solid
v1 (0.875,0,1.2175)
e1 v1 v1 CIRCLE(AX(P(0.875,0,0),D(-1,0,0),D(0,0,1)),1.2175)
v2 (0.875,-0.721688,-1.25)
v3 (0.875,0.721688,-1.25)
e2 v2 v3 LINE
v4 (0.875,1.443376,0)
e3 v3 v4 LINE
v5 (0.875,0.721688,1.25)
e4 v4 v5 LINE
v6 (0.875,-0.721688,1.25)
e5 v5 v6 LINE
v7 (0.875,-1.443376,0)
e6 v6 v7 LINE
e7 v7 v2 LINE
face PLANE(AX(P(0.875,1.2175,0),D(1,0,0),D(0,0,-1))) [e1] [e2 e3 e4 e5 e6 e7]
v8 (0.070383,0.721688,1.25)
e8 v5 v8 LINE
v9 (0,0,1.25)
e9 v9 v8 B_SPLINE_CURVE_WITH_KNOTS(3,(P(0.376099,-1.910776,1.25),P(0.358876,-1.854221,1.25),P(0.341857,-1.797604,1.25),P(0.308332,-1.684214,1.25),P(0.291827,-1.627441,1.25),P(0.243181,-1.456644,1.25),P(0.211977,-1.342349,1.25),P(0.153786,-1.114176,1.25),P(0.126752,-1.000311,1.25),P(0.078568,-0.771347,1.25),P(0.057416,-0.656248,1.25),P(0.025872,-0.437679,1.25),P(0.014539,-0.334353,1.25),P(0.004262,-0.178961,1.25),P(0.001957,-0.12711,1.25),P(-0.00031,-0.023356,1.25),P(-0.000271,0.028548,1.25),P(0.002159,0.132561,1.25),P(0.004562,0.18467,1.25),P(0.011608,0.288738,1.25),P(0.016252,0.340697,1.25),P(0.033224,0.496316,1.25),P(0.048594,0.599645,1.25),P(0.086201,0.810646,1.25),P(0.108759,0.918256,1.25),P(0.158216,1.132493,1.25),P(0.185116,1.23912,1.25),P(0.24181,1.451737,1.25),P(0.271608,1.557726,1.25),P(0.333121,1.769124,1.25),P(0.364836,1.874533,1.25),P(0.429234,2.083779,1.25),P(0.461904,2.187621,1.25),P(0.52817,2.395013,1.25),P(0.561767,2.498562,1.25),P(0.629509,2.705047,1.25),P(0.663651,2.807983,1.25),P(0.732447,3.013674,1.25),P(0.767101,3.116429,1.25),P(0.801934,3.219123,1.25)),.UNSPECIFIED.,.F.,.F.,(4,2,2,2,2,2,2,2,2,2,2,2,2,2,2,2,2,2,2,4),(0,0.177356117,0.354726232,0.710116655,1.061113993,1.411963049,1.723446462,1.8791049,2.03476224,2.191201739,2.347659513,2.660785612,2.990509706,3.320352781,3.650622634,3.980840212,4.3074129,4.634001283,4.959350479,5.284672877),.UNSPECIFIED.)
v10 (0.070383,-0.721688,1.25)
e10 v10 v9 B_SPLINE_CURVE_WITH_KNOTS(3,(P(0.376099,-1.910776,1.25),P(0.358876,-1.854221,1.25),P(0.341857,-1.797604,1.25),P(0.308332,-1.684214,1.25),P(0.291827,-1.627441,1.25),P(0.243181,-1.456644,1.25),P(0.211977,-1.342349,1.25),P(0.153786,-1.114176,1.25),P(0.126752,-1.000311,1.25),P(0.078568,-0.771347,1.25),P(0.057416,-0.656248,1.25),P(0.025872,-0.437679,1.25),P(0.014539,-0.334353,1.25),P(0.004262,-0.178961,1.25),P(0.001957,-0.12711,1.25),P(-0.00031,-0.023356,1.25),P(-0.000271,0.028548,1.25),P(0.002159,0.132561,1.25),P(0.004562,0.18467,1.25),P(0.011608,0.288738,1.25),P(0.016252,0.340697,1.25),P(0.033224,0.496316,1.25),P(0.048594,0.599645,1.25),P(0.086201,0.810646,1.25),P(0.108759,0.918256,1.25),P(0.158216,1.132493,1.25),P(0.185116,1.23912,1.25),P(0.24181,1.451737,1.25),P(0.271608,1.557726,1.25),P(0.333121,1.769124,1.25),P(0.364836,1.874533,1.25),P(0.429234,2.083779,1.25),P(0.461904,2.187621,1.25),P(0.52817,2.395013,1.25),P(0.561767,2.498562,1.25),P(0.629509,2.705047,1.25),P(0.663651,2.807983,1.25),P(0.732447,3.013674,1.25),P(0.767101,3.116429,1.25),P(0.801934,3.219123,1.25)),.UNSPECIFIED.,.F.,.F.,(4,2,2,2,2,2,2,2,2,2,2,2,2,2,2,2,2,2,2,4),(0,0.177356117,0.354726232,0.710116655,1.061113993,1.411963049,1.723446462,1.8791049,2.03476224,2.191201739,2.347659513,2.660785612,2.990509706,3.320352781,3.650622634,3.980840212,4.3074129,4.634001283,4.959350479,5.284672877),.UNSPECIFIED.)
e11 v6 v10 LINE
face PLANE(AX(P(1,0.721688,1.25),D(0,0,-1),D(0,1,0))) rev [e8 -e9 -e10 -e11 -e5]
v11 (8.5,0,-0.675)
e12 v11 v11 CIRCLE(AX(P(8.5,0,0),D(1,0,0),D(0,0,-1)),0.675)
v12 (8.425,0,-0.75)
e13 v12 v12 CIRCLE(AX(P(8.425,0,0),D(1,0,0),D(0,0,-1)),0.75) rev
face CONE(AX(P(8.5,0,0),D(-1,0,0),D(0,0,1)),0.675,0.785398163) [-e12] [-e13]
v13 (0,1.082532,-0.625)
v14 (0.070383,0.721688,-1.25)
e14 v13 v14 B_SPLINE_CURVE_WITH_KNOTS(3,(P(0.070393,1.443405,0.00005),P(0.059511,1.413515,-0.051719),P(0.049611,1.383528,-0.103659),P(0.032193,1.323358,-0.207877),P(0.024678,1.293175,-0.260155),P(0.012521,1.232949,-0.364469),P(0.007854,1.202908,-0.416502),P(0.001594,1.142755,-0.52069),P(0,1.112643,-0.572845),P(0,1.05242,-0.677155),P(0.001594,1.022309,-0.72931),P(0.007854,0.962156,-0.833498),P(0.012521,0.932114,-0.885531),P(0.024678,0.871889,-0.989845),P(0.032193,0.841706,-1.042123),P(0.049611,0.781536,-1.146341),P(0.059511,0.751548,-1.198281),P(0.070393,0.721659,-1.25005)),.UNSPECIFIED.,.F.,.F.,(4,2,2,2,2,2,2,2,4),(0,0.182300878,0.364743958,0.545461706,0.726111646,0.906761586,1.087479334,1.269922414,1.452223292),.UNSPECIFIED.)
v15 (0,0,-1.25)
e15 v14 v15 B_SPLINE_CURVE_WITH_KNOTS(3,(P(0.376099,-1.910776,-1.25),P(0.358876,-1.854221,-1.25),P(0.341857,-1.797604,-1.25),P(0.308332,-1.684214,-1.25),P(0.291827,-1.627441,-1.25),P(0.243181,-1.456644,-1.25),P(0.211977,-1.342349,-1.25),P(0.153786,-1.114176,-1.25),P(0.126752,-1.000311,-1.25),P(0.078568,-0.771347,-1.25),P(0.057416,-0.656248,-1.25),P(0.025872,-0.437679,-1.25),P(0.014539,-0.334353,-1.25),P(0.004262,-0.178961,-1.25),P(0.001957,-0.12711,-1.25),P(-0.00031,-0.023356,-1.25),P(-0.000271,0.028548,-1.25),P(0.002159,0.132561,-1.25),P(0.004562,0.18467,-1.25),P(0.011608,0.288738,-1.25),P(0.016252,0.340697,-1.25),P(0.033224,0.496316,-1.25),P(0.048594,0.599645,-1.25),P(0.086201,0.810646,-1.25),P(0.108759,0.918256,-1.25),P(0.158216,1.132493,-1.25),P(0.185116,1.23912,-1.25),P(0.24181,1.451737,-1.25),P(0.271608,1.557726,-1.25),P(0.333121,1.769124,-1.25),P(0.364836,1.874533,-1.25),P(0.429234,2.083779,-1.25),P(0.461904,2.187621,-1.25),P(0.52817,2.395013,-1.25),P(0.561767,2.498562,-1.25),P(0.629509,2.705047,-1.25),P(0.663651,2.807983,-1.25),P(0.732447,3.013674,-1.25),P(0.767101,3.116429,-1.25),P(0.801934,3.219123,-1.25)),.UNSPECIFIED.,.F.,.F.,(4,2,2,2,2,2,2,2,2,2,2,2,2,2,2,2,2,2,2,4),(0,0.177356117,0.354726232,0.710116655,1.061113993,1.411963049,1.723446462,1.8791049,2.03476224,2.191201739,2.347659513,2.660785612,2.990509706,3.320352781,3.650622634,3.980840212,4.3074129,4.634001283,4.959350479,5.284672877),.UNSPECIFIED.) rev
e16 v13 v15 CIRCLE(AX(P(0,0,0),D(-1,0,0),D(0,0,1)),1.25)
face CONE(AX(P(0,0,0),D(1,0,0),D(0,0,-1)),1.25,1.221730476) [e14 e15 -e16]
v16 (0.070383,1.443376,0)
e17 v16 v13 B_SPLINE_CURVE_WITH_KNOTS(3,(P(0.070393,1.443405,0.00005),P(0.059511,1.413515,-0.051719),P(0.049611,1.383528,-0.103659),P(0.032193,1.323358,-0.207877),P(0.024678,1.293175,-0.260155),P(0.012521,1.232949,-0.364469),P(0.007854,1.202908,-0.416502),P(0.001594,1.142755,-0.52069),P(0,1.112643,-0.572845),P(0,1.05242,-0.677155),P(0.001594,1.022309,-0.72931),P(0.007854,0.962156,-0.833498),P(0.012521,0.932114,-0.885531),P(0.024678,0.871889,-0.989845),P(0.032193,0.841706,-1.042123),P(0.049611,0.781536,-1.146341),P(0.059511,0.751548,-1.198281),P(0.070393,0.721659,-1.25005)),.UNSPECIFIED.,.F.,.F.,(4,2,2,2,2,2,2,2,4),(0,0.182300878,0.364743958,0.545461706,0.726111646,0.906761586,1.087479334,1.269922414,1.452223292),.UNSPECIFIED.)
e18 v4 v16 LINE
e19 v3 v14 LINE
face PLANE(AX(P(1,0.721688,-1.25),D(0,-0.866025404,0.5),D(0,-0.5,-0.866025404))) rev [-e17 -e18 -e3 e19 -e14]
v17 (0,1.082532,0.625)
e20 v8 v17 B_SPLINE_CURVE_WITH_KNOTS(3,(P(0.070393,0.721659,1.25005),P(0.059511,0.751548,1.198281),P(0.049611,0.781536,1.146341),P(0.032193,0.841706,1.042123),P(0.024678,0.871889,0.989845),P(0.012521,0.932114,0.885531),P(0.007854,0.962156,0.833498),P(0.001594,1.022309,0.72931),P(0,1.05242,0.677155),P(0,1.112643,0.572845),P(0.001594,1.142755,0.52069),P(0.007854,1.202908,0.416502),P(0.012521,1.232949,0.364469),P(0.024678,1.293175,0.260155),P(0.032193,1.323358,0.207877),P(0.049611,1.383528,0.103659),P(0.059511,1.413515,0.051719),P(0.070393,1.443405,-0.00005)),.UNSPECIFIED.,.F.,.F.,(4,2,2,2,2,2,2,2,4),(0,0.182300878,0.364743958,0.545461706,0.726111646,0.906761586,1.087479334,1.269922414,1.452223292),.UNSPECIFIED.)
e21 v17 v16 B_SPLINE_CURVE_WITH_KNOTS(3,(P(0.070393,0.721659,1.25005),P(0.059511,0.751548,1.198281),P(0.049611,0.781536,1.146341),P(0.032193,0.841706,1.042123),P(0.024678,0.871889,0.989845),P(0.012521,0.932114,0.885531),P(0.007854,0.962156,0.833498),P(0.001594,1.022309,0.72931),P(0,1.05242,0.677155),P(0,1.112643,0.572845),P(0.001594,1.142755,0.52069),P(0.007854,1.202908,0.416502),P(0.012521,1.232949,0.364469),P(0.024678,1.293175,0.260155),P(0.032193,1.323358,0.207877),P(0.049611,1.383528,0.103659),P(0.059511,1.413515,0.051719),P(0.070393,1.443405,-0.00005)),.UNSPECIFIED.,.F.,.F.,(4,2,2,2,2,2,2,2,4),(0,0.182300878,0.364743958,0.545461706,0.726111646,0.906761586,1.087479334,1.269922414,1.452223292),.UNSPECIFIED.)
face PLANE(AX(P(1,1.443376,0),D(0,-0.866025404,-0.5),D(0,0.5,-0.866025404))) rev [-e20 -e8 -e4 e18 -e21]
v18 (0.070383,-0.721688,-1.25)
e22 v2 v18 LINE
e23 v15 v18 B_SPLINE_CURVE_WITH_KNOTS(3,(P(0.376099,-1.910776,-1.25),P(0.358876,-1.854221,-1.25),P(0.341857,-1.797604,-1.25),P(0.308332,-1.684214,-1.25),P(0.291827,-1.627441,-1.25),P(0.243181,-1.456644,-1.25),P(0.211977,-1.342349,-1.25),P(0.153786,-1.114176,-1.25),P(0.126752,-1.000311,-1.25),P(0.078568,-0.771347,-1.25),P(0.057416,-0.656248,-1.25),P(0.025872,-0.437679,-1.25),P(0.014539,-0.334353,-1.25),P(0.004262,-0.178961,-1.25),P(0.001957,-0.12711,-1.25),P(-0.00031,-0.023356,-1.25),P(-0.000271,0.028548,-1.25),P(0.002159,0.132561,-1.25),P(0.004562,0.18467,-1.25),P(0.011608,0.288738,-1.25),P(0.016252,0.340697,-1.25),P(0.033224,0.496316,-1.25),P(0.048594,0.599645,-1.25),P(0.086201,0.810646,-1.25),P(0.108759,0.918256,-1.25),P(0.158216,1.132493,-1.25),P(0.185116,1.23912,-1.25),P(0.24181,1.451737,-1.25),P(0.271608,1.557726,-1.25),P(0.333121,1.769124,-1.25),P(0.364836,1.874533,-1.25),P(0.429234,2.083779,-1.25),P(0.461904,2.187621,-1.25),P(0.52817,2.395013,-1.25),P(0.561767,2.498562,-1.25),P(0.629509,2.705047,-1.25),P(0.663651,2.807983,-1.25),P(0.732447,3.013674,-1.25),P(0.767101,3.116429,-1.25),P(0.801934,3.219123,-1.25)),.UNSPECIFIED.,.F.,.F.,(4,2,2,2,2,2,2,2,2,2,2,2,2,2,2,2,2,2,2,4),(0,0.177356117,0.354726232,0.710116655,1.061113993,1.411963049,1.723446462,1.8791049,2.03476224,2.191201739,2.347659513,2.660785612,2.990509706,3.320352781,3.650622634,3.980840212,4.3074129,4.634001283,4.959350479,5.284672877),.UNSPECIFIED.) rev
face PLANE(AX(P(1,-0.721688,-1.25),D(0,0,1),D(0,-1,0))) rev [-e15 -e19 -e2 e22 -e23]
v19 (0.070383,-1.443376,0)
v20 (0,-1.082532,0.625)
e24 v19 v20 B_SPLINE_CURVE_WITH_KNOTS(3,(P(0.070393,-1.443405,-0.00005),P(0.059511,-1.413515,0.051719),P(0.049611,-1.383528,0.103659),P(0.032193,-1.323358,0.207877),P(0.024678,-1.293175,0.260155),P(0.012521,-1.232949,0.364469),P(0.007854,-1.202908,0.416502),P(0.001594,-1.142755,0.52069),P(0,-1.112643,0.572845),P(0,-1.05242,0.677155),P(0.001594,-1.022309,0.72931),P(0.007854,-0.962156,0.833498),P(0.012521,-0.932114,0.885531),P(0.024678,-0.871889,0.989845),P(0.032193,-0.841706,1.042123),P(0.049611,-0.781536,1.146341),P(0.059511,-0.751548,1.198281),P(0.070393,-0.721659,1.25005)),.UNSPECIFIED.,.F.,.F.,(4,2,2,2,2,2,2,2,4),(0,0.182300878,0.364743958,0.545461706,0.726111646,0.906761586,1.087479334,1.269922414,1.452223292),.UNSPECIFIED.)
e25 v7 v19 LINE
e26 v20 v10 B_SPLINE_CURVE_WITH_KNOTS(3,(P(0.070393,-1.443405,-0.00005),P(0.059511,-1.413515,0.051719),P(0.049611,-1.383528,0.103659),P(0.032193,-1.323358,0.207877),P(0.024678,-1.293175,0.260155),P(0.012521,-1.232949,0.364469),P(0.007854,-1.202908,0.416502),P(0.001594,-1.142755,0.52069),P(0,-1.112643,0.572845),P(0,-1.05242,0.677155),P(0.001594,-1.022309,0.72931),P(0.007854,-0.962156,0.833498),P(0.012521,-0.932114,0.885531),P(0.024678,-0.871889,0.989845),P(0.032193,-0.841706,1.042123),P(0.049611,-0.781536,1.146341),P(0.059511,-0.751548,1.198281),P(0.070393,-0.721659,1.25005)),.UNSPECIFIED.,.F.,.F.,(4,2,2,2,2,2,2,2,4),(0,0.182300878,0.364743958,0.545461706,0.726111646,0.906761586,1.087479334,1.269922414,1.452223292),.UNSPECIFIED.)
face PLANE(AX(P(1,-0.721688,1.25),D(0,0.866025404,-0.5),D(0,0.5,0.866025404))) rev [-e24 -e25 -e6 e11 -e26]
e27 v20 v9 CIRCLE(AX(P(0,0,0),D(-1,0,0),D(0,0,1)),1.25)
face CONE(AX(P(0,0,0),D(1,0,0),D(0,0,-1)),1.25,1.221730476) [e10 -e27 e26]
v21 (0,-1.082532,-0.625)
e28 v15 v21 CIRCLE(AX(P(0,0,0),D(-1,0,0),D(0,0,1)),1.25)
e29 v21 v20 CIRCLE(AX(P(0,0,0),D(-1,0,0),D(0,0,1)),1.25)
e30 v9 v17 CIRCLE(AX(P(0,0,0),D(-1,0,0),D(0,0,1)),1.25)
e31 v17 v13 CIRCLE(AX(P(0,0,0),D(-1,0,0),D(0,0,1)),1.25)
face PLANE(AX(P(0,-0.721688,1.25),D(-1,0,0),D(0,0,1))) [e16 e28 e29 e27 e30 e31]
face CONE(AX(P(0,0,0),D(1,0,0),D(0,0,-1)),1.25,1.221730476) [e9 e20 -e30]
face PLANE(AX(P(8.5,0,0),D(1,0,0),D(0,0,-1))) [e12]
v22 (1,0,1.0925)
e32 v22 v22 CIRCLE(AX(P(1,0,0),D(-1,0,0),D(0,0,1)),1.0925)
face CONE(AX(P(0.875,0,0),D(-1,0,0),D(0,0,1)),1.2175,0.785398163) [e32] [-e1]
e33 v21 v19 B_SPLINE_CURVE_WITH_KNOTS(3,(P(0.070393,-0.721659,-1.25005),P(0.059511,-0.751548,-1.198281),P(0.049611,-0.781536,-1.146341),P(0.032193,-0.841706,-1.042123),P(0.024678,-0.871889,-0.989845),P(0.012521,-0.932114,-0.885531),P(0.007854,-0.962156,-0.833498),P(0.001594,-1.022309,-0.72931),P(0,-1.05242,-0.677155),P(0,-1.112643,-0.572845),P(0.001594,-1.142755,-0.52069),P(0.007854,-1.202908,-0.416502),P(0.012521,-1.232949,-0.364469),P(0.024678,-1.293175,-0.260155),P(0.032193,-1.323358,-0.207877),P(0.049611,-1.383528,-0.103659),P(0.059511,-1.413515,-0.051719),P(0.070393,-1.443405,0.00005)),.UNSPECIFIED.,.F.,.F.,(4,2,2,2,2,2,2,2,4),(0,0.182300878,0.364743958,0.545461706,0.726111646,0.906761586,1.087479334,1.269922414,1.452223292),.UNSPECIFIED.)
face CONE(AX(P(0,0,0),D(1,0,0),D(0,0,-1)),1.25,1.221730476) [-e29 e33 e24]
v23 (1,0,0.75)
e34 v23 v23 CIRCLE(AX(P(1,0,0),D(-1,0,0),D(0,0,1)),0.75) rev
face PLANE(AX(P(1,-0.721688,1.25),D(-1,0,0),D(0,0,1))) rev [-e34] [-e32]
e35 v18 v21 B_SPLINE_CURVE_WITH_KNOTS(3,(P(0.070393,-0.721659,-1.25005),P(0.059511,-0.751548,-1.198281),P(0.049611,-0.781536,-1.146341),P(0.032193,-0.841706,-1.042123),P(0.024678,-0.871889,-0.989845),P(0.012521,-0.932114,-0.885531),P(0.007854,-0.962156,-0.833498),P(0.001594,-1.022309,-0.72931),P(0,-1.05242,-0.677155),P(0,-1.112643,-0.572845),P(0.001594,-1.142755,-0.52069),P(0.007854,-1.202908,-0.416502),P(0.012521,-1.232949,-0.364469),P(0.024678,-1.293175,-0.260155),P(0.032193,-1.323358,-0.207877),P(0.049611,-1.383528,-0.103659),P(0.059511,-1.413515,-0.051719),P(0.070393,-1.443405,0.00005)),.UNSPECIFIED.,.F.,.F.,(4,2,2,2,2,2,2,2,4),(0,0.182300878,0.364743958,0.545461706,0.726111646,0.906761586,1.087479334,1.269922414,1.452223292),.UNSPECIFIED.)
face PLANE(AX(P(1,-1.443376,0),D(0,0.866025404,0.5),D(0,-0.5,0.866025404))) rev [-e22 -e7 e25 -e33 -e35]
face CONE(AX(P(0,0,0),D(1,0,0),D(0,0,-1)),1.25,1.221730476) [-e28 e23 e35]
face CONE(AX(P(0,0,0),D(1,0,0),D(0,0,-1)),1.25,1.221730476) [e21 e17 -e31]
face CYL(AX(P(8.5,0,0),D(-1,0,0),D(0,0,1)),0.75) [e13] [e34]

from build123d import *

# Parameters (mm, degrees)
BASEHEAD_DEPTH = 4
SKETCH5_R      = 3
BASEBODY_DEPTH = 30
CHAMFER1_SIZE  = 0.3
SCALE_1_SCALE  = 0.25


with BuildPart() as part:
    # Sketch2 → BaseHead (new body)
    with BuildSketch(Plane(origin=(0, 0, 0), x_dir=(0, 0, -1), z_dir=(1, 0, 0))):
        Polygon((0, -5.773502692), (5, -2.886751346), (5, 2.886751346), (0, 5.773502692), (-5, 2.886751346), (-5, -2.886751346), align=None)
    extrude(amount=BASEHEAD_DEPTH)

    # Sketch3 → BearingFace (revolve, cut)
    with BuildSketch(Plane.XY, mode=Mode.PRIVATE) as bearingface_sk:
        Polygon((4, 5.773502692), (4, 4.37), (3.5, 4.87), (3.5, 5.773502692), align=None)
    revolve(bearingface_sk.sketch.rotate(Axis((-0.957090588, 0, 0), (1, 0, 0)), 90), axis=Axis((-0.957090588, 0, 0), (1, 0, 0)), mode=Mode.SUBTRACT)

    # Sketch4 → HeadChamfer (revolve, cut)
    with BuildSketch(Plane.XY):
        Polygon((0, 5.773502692), (0.281531956, 5.773502692), (0, 5), align=None)
    revolve(axis=Axis((-0.493528746, 0, 0), (1, 0, 0)), mode=Mode.SUBTRACT)

    # Sketch5 → BaseBody (add)
    with BuildSketch(Plane(origin=(4, 0, 0), x_dir=(0, 0, -1), z_dir=(1, 0, 0))):
        with Locations(Location((0, 0, 0), (0, 0, 180))):
            Circle(SKETCH5_R)
    extrude(amount=BASEBODY_DEPTH)

    # Chamfer1
    chamfer1_edges = [part.edges().sort_by_distance(p)[0] for p in [
        (34, 0, -3),
    ]]
    chamfer(chamfer1_edges, length=CHAMFER1_SIZE)


with BuildPart() as part_1:
    # 缩放比例1: scaled about (0, 0, 0)
    add(part.part.scale(SCALE_1_SCALE))


solid = part_1.part
